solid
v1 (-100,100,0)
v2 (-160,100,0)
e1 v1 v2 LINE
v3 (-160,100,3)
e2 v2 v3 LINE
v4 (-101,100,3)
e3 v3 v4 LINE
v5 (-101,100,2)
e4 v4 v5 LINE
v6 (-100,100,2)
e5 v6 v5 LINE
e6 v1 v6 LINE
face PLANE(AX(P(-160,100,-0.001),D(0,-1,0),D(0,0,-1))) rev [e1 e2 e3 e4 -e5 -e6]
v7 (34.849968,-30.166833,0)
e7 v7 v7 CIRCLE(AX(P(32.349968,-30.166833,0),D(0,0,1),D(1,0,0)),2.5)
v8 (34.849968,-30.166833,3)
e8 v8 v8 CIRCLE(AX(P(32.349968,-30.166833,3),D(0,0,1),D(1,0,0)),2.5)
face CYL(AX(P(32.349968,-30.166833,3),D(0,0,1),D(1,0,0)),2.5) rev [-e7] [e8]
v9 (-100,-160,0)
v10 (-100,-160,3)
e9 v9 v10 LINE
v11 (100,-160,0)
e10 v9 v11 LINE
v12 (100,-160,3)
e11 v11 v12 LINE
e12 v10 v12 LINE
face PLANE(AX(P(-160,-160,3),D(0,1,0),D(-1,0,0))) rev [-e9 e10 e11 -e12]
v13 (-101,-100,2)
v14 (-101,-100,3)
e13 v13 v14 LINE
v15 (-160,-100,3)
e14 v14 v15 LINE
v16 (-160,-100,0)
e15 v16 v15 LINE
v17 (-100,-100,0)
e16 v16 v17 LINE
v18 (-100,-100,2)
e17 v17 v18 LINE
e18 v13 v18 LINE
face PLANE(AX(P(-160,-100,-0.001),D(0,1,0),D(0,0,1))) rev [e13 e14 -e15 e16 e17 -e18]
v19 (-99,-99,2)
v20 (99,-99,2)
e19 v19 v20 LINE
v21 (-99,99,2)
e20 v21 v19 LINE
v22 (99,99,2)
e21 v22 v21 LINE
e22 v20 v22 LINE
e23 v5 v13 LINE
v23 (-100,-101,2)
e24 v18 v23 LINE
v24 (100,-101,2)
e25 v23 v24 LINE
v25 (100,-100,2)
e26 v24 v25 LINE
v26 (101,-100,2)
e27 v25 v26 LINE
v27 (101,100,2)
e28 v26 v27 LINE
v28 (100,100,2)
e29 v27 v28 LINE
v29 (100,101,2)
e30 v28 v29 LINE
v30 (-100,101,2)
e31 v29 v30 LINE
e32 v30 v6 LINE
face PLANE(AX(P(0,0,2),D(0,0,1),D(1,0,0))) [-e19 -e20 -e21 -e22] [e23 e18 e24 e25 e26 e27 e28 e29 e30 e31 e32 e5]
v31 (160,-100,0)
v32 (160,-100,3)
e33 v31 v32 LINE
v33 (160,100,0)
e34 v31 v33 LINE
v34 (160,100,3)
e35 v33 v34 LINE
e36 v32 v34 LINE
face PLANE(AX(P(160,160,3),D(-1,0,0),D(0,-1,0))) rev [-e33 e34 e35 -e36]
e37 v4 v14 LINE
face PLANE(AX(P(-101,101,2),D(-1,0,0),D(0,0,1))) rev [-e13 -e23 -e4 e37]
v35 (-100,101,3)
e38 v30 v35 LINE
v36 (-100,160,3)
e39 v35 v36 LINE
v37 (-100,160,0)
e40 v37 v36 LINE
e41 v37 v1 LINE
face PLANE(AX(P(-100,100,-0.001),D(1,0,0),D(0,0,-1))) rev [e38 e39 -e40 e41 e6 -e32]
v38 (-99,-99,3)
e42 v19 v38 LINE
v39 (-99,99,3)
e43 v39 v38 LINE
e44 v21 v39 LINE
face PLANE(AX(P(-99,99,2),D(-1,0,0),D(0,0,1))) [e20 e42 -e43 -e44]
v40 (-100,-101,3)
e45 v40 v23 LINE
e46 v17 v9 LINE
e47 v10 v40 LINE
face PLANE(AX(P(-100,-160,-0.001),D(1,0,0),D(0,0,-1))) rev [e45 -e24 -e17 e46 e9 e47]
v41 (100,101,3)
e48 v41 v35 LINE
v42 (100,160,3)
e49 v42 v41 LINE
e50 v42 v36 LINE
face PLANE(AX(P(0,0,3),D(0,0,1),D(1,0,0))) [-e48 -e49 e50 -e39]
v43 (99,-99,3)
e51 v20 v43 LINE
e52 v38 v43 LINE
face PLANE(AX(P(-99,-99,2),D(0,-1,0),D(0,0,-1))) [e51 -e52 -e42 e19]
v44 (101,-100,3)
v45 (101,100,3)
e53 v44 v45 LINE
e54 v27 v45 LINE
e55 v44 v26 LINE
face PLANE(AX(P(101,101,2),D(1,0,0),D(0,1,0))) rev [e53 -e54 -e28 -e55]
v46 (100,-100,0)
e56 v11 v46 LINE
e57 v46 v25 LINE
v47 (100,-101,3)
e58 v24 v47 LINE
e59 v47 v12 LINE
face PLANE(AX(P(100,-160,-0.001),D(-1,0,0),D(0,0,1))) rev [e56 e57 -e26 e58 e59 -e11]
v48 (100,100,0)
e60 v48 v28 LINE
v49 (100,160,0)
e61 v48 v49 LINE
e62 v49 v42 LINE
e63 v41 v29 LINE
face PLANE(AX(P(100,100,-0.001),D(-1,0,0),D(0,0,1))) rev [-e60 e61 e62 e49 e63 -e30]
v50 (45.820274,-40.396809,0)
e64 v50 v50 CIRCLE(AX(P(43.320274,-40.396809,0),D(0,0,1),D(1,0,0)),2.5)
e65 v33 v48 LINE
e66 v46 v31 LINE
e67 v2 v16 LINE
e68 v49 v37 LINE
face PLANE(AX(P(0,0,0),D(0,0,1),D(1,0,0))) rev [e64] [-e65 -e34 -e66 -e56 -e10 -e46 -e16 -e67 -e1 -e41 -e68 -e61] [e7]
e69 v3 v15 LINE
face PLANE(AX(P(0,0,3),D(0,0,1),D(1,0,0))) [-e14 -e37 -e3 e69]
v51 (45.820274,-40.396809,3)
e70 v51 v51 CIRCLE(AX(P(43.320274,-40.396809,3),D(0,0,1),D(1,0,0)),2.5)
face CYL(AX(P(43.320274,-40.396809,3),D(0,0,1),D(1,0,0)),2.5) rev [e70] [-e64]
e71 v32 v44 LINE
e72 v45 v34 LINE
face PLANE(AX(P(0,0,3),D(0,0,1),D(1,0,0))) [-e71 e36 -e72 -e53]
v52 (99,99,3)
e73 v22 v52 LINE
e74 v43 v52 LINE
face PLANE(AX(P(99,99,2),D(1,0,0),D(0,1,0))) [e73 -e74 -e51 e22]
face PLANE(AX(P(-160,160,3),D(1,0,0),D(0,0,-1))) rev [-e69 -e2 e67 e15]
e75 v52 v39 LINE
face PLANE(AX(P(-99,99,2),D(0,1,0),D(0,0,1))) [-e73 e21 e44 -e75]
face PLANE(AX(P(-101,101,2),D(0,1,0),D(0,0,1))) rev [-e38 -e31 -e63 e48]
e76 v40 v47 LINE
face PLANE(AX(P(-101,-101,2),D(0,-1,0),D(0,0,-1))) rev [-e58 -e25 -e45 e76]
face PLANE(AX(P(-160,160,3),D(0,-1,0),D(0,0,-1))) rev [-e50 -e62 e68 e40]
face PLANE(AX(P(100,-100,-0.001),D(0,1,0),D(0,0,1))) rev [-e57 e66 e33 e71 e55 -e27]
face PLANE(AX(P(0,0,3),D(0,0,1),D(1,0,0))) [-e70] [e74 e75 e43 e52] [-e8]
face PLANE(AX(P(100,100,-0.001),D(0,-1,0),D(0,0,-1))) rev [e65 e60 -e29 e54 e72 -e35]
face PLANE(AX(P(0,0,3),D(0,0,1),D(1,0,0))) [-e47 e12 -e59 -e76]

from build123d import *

# Parameters (mm, degrees)
ESQUISSE1_W                       = 320
ESQUISSE1_H                       = 320
BOSS_EXTRU_1_DEPTH                = 3
ENL_V_MAT_EXTRU_1_REACH           = 5
ESQUISSE2_W                       = 60
ESQUISSE2_H                       = 60
ESQUISSE3_W                       = 202
ESQUISSE3_H                       = 202
ESQUISSE3_W_2                     = 198
ESQUISSE3_H_2                     = 198
ENL_V_MAT_EXTRU_2_DEPTH           = 1
DIAM_TRE_DU_PER_AGE_5_0_5_1_D     = 5
DIAM_TRE_DU_PER_AGE_5_0_5_1_DEPTH = 3


with BuildPart() as part:
    # Esquisse1 → Boss.-Extru.1 (new body)
    with BuildSketch(Plane.XY):
        Rectangle(ESQUISSE1_W, ESQUISSE1_H)
    extrude(amount=BOSS_EXTRU_1_DEPTH)

    # Esquisse2 → Enlèv. mat.-Extru.1 (cut, up to next)
    with BuildSketch(Plane.XY.offset(3), mode=Mode.PRIVATE) as enl_v_mat_extru_1_sk1:
        with Locations((130, -130)):
            Rectangle(ESQUISSE2_W, ESQUISSE2_H)
    enl_v_mat_extru_1_tool1 = extrude(enl_v_mat_extru_1_sk1.sketch, amount=-ENL_V_MAT_EXTRU_1_REACH, mode=Mode.PRIVATE) & part.part
    add(enl_v_mat_extru_1_tool1.solids().sort_by_distance((130, -130, 3))[0], mode=Mode.SUBTRACT)
    # Esquisse2 → Enlèv. mat.-Extru.1 (cut, up to next)
    with BuildSketch(Plane.XY.offset(3), mode=Mode.PRIVATE) as enl_v_mat_extru_1_sk2:
        with Locations((-130, -130)):
            Rectangle(ESQUISSE2_W, ESQUISSE2_H)
    enl_v_mat_extru_1_tool2 = extrude(enl_v_mat_extru_1_sk2.sketch, amount=-ENL_V_MAT_EXTRU_1_REACH, mode=Mode.PRIVATE) & part.part
    add(enl_v_mat_extru_1_tool2.solids().sort_by_distance((-130, -130, 3))[0], mode=Mode.SUBTRACT)
    # Esquisse2 → Enlèv. mat.-Extru.1 (cut, up to next)
    with BuildSketch(Plane.XY.offset(3), mode=Mode.PRIVATE) as enl_v_mat_extru_1_sk3:
        with Locations((130, 130)):
            Rectangle(ESQUISSE2_W, ESQUISSE2_H)
    enl_v_mat_extru_1_tool3 = extrude(enl_v_mat_extru_1_sk3.sketch, amount=-ENL_V_MAT_EXTRU_1_REACH, mode=Mode.PRIVATE) & part.part
    add(enl_v_mat_extru_1_tool3.solids().sort_by_distance((130, 130, 3))[0], mode=Mode.SUBTRACT)
    # Esquisse2 → Enlèv. mat.-Extru.1 (cut, up to next)
    with BuildSketch(Plane.XY.offset(3), mode=Mode.PRIVATE) as enl_v_mat_extru_1_sk4:
        with Locations((-130, 130)):
            Rectangle(ESQUISSE2_W, ESQUISSE2_H)
    enl_v_mat_extru_1_tool4 = extrude(enl_v_mat_extru_1_sk4.sketch, amount=-ENL_V_MAT_EXTRU_1_REACH, mode=Mode.PRIVATE) & part.part
    add(enl_v_mat_extru_1_tool4.solids().sort_by_distance((-130, 130, 3))[0], mode=Mode.SUBTRACT)

    # Esquisse3 → Enlèv. mat.-Extru.2 (cut)
    with BuildSketch(Plane.XY.offset(3)):
        Rectangle(ESQUISSE3_W, ESQUISSE3_H)
        Rectangle(ESQUISSE3_W_2, ESQUISSE3_H_2, mode=Mode.SUBTRACT)
    extrude(amount=-ENL_V_MAT_EXTRU_2_DEPTH, mode=Mode.SUBTRACT)

    # Diamètre du perçage Ø5.0 (5)1
    with Locations(Plane.XY.offset(3)):
        with Locations((32.349968284, -30.166833461), (43.320273808, -40.396808862)):
            Hole(DIAM_TRE_DU_PER_AGE_5_0_5_1_D / 2, depth=DIAM_TRE_DU_PER_AGE_5_0_5_1_DEPTH)


solid = part.part
